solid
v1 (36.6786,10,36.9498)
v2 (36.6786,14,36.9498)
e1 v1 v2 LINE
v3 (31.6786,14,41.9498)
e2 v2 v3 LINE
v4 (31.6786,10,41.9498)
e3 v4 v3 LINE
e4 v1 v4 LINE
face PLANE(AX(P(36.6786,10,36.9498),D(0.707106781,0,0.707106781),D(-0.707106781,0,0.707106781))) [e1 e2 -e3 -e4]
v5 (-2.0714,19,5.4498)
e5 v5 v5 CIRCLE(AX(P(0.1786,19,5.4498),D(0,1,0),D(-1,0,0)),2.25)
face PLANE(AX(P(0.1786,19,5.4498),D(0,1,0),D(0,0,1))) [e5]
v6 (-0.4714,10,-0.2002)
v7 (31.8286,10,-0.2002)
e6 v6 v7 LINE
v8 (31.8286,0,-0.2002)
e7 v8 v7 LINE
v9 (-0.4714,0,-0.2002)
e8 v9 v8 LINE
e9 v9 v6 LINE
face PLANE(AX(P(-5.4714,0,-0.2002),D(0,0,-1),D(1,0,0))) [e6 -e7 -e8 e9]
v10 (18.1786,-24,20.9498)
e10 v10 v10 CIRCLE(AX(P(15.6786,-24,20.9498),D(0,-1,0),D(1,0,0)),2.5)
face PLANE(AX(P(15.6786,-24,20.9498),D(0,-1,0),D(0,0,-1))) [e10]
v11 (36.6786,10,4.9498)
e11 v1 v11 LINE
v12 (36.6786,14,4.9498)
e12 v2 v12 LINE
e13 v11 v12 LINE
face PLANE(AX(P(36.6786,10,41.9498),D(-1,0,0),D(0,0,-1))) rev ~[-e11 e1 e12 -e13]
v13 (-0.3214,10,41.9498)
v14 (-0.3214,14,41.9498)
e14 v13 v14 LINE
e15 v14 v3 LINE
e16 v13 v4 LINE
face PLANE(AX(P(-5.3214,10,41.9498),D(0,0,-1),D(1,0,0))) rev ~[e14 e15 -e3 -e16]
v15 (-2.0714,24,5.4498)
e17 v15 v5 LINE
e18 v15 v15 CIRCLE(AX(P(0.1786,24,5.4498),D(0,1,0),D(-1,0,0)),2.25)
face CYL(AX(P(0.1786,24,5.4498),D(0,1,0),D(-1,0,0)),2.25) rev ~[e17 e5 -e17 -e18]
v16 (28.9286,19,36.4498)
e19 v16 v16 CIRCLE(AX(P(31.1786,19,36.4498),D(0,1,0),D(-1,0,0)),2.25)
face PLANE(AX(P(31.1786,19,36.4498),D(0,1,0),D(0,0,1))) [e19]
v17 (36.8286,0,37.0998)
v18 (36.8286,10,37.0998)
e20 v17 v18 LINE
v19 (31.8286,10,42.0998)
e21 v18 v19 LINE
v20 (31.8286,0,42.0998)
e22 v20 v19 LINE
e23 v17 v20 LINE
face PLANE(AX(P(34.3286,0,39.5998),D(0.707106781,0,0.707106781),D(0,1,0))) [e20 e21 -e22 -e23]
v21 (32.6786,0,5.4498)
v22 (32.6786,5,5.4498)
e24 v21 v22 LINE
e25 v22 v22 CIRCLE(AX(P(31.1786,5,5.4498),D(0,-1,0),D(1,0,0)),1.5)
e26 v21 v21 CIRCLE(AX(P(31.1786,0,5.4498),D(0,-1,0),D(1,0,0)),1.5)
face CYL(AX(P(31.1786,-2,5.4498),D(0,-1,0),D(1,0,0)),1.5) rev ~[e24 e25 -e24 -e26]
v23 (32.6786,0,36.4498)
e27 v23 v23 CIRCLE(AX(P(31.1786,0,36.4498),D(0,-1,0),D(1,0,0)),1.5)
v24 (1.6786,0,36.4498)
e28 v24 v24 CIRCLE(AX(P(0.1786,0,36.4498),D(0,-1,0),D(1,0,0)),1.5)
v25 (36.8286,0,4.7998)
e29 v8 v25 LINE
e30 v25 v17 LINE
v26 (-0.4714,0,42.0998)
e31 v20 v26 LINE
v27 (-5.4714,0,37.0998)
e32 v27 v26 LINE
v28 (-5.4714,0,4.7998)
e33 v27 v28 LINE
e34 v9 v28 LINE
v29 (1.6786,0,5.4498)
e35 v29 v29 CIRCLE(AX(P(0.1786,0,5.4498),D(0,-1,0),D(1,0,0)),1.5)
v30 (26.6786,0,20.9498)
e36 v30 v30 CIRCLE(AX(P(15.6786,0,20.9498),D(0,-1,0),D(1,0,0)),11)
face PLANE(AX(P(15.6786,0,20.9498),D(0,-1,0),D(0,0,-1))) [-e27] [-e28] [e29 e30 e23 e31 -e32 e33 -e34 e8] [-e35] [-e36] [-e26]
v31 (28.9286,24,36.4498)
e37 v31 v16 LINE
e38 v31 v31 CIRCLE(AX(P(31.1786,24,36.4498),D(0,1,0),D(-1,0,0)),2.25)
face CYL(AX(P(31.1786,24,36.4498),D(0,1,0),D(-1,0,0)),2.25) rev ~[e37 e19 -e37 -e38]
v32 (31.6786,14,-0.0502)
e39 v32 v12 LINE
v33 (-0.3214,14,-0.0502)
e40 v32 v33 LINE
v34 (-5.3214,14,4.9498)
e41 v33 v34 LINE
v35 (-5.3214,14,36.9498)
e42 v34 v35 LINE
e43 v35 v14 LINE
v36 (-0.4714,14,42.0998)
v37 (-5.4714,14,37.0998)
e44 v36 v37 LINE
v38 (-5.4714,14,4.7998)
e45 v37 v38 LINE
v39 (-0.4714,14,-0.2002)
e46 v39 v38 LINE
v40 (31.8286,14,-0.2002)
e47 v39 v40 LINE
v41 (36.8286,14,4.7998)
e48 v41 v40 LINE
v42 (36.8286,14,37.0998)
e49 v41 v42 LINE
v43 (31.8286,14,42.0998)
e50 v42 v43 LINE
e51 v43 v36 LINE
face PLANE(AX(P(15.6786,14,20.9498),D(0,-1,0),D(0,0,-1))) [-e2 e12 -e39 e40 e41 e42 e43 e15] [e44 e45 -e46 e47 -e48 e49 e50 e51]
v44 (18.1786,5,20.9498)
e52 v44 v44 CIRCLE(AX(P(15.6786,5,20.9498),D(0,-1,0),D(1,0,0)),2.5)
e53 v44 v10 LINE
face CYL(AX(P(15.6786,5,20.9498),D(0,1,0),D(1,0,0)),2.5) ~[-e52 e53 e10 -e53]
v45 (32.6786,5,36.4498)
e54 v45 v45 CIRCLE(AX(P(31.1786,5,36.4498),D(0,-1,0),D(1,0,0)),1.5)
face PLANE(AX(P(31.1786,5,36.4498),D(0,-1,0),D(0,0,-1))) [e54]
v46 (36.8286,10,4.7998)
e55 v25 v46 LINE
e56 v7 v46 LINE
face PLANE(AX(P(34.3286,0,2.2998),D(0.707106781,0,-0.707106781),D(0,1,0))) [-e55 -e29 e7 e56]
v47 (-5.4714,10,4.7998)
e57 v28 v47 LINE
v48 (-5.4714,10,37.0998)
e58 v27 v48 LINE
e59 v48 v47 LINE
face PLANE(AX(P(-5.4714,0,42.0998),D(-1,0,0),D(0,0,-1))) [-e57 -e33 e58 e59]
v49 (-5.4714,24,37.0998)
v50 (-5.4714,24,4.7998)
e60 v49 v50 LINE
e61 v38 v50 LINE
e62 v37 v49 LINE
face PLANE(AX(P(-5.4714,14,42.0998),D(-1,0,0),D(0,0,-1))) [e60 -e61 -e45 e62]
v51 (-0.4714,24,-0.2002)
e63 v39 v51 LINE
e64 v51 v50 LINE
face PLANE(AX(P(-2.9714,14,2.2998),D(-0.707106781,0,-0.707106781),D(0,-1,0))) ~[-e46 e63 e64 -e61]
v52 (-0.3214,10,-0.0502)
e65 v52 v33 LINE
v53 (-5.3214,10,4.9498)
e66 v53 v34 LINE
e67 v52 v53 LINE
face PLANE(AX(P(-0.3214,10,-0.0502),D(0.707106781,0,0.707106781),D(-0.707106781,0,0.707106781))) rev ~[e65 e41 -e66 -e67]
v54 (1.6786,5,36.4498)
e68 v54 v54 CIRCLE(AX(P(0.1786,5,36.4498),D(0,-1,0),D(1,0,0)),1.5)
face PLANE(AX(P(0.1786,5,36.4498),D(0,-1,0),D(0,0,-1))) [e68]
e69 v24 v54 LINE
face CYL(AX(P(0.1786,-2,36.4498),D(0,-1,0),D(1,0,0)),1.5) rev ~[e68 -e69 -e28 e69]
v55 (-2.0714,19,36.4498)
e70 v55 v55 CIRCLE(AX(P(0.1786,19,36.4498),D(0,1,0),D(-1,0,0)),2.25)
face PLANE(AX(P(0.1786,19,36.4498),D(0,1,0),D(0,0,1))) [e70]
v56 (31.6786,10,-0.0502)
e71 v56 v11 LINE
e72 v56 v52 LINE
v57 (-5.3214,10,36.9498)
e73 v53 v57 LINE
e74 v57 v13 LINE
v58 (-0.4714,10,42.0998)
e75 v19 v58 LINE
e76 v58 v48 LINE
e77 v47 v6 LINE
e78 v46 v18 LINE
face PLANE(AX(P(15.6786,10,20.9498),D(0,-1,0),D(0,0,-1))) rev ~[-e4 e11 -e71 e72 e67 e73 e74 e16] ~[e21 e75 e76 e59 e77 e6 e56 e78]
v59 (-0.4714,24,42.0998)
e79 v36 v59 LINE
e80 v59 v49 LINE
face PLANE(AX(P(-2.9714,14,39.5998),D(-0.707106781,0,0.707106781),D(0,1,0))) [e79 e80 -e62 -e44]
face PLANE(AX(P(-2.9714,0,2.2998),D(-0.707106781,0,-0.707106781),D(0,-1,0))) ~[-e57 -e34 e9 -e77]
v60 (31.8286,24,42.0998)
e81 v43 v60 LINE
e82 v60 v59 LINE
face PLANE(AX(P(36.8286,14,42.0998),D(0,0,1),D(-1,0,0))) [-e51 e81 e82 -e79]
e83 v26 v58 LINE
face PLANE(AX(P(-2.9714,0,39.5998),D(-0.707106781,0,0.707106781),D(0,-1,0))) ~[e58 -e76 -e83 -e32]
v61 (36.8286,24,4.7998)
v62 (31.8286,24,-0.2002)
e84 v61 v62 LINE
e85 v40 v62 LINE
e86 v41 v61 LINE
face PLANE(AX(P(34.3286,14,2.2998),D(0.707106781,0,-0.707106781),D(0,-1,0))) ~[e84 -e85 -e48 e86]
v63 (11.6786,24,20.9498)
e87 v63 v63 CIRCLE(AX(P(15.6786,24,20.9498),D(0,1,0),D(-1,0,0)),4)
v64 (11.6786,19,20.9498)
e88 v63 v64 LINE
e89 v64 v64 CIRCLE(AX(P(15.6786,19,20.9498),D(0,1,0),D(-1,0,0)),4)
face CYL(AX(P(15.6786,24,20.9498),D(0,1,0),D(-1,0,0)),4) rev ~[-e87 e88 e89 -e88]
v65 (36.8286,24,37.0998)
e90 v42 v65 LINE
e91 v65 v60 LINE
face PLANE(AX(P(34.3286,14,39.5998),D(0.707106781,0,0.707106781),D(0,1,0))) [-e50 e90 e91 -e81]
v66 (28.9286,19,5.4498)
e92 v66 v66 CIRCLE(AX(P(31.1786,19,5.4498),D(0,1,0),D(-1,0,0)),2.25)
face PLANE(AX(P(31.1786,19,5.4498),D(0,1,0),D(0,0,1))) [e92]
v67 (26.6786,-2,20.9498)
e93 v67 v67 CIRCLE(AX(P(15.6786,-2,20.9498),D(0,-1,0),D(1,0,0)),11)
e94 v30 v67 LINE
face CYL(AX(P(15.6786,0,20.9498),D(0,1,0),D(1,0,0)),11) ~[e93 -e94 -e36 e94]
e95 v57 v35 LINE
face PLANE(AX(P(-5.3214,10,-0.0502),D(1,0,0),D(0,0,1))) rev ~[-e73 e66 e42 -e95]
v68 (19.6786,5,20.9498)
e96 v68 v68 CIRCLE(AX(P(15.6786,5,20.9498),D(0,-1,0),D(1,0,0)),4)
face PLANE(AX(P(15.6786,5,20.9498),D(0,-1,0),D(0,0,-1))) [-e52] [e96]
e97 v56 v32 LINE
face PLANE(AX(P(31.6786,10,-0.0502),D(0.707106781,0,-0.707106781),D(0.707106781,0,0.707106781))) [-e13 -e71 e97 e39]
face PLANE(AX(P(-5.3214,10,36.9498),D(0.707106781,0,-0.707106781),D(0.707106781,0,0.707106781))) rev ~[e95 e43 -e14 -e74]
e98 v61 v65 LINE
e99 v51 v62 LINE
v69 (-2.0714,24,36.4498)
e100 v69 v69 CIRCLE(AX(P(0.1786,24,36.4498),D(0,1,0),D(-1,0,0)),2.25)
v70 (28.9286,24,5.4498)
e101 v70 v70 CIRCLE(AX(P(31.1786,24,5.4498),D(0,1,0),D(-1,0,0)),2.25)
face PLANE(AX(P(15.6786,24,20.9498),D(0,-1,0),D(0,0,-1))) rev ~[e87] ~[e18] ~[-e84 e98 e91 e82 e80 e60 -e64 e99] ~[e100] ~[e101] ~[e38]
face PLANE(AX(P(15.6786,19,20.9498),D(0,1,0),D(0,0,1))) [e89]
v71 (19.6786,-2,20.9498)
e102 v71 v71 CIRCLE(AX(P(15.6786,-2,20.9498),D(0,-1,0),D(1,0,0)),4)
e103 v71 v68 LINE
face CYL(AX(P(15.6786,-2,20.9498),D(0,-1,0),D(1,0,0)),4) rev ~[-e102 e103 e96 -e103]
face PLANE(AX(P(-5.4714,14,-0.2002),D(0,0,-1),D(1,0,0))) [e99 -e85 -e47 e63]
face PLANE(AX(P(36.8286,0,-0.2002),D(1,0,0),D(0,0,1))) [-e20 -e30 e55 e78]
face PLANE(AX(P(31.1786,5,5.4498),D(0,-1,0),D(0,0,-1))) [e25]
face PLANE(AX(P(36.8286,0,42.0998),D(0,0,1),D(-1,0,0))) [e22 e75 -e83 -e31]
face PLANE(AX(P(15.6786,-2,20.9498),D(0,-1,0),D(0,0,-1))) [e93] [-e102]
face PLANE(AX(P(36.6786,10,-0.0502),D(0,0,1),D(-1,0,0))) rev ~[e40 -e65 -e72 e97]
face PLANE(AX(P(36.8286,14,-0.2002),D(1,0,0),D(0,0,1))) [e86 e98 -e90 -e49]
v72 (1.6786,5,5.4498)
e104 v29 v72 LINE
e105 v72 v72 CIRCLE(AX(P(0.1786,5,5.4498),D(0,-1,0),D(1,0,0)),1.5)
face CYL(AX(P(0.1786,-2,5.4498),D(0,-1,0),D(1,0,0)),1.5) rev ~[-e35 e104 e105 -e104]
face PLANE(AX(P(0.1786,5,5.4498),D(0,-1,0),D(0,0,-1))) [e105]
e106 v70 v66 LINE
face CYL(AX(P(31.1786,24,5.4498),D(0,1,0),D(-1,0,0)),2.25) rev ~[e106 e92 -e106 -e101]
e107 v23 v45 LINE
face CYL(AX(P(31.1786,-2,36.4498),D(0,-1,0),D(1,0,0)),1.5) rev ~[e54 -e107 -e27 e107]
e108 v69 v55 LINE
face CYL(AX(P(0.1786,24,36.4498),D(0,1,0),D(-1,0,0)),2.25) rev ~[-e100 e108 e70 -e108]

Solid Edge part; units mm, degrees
sketch "Sketch1" plane through (0, 0, 0) normal (0, -1, 0) x (1, 0, 0)
  line L0 (-5.4714, -0.2002) -> (36.8286, -0.2002)
  line L1 (36.8286, -0.2002) -> (36.8286, 42.0998)
  line L2 (36.8286, 42.0998) -> (-5.4714, 42.0998)
  line L3 (-5.4714, 42.0998) -> (-5.4714, -0.2002)
extrude "Protrusion1" add sketch "Sketch1" against normal blind 10
sketch "Sketch2" plane through (15.6786, 0, 20.9498) normal (0, -1, 0) x (1, 0, 0)
  circle A0 centre (0, 0) radius 11
extrude "ProtrusiónExtruida_2" add sketch "Sketch2" along normal blind 2
chamfer "Chaflán_2" distance 5 angle 45 4 edges at (36.8286, 5, 42.0998) (36.8286, 5, -0.2002) (-5.4714, 5, -0.2002) (-5.4714, 5, 42.0998)
sketch "Sketch3" plane through (15.6786, -2, 20.9498) normal (0, -1, 0) x (1, 0, 0)
  circle A0 centre (0, 0) radius 4
  circle A1 centre (15.5, 15.5) radius 1.5
  circle A2 centre (-15.5, 15.5) radius 1.5
  circle A3 centre (-15.5, -15.5) radius 1.5
  circle A4 centre (15.5, -15.5) radius 1.5
extrude "VaciadoExtruido_2" cut sketch "Sketch3" against normal blind 7
sketch "Sketch4" plane through (15.6786, 5, 20.9498) normal (0, -1, 0) x (1, 0, 0)
  circle A0 centre (0, 0) radius 2.5
extrude "ProtrusiónExtruida_3" add sketch "Sketch4" along normal blind 29
sketch "Sketch5" plane through (15.6786, 10, 20.9498) normal (0, 1, 0) x (0, 0, -1)
  line L0 (-21, -21) -> (21, -21)
  line L1 (21, -21) -> (21, 21)
  line L2 (21, 21) -> (-21, 21)
  line L3 (-21, 21) -> (-21, -21)
extrude "ProtrusiónExtruida_4" add sketch "Sketch5" along normal blind 4
chamfer "Chaflán_9" distance 5 angle 45 4 edges at (-5.3214, 12, 41.9498) (36.6786, 12, 41.9498) (36.6786, 12, -0.0502) (-5.3214, 12, -0.0502)
sketch "Sketch6" plane through (15.6786, 14, 20.9498) normal (0, 1, 0) x (0, 0, -1)
  line L0 (21.15, -21.15) -> (-21.15, -21.15)
  line L1 (-21.15, -21.15) -> (-21.15, 21.15)
  line L2 (-21.15, 21.15) -> (21.15, 21.15)
  line L3 (21.15, 21.15) -> (21.15, -21.15)
extrude "ProtrusiónExtruida_5" add sketch "Sketch6" along normal blind 10
chamfer "Chaflán_10" distance 5 angle 45 4 edges at (36.8286, 19, 42.0998) (-5.4714, 19, 42.0998) (-5.4714, 19, -0.2002) (36.8286, 19, -0.2002)
sketch "Sketch7" plane through (15.6786, 24, 20.9498) normal (0, 1, 0) x (-1, 0, 0)
  circle A0 centre (0, 0) radius 4
  circle A1 centre (-15.5, 15.5) radius 2.25
  circle A2 centre (15.5, 15.5) radius 2.25
  circle A3 centre (15.5, -15.5) radius 2.25
  circle A4 centre (-15.5, -15.5) radius 2.25
extrude "VaciadoExtruido_3" cut sketch "Sketch7" against normal blind 5
